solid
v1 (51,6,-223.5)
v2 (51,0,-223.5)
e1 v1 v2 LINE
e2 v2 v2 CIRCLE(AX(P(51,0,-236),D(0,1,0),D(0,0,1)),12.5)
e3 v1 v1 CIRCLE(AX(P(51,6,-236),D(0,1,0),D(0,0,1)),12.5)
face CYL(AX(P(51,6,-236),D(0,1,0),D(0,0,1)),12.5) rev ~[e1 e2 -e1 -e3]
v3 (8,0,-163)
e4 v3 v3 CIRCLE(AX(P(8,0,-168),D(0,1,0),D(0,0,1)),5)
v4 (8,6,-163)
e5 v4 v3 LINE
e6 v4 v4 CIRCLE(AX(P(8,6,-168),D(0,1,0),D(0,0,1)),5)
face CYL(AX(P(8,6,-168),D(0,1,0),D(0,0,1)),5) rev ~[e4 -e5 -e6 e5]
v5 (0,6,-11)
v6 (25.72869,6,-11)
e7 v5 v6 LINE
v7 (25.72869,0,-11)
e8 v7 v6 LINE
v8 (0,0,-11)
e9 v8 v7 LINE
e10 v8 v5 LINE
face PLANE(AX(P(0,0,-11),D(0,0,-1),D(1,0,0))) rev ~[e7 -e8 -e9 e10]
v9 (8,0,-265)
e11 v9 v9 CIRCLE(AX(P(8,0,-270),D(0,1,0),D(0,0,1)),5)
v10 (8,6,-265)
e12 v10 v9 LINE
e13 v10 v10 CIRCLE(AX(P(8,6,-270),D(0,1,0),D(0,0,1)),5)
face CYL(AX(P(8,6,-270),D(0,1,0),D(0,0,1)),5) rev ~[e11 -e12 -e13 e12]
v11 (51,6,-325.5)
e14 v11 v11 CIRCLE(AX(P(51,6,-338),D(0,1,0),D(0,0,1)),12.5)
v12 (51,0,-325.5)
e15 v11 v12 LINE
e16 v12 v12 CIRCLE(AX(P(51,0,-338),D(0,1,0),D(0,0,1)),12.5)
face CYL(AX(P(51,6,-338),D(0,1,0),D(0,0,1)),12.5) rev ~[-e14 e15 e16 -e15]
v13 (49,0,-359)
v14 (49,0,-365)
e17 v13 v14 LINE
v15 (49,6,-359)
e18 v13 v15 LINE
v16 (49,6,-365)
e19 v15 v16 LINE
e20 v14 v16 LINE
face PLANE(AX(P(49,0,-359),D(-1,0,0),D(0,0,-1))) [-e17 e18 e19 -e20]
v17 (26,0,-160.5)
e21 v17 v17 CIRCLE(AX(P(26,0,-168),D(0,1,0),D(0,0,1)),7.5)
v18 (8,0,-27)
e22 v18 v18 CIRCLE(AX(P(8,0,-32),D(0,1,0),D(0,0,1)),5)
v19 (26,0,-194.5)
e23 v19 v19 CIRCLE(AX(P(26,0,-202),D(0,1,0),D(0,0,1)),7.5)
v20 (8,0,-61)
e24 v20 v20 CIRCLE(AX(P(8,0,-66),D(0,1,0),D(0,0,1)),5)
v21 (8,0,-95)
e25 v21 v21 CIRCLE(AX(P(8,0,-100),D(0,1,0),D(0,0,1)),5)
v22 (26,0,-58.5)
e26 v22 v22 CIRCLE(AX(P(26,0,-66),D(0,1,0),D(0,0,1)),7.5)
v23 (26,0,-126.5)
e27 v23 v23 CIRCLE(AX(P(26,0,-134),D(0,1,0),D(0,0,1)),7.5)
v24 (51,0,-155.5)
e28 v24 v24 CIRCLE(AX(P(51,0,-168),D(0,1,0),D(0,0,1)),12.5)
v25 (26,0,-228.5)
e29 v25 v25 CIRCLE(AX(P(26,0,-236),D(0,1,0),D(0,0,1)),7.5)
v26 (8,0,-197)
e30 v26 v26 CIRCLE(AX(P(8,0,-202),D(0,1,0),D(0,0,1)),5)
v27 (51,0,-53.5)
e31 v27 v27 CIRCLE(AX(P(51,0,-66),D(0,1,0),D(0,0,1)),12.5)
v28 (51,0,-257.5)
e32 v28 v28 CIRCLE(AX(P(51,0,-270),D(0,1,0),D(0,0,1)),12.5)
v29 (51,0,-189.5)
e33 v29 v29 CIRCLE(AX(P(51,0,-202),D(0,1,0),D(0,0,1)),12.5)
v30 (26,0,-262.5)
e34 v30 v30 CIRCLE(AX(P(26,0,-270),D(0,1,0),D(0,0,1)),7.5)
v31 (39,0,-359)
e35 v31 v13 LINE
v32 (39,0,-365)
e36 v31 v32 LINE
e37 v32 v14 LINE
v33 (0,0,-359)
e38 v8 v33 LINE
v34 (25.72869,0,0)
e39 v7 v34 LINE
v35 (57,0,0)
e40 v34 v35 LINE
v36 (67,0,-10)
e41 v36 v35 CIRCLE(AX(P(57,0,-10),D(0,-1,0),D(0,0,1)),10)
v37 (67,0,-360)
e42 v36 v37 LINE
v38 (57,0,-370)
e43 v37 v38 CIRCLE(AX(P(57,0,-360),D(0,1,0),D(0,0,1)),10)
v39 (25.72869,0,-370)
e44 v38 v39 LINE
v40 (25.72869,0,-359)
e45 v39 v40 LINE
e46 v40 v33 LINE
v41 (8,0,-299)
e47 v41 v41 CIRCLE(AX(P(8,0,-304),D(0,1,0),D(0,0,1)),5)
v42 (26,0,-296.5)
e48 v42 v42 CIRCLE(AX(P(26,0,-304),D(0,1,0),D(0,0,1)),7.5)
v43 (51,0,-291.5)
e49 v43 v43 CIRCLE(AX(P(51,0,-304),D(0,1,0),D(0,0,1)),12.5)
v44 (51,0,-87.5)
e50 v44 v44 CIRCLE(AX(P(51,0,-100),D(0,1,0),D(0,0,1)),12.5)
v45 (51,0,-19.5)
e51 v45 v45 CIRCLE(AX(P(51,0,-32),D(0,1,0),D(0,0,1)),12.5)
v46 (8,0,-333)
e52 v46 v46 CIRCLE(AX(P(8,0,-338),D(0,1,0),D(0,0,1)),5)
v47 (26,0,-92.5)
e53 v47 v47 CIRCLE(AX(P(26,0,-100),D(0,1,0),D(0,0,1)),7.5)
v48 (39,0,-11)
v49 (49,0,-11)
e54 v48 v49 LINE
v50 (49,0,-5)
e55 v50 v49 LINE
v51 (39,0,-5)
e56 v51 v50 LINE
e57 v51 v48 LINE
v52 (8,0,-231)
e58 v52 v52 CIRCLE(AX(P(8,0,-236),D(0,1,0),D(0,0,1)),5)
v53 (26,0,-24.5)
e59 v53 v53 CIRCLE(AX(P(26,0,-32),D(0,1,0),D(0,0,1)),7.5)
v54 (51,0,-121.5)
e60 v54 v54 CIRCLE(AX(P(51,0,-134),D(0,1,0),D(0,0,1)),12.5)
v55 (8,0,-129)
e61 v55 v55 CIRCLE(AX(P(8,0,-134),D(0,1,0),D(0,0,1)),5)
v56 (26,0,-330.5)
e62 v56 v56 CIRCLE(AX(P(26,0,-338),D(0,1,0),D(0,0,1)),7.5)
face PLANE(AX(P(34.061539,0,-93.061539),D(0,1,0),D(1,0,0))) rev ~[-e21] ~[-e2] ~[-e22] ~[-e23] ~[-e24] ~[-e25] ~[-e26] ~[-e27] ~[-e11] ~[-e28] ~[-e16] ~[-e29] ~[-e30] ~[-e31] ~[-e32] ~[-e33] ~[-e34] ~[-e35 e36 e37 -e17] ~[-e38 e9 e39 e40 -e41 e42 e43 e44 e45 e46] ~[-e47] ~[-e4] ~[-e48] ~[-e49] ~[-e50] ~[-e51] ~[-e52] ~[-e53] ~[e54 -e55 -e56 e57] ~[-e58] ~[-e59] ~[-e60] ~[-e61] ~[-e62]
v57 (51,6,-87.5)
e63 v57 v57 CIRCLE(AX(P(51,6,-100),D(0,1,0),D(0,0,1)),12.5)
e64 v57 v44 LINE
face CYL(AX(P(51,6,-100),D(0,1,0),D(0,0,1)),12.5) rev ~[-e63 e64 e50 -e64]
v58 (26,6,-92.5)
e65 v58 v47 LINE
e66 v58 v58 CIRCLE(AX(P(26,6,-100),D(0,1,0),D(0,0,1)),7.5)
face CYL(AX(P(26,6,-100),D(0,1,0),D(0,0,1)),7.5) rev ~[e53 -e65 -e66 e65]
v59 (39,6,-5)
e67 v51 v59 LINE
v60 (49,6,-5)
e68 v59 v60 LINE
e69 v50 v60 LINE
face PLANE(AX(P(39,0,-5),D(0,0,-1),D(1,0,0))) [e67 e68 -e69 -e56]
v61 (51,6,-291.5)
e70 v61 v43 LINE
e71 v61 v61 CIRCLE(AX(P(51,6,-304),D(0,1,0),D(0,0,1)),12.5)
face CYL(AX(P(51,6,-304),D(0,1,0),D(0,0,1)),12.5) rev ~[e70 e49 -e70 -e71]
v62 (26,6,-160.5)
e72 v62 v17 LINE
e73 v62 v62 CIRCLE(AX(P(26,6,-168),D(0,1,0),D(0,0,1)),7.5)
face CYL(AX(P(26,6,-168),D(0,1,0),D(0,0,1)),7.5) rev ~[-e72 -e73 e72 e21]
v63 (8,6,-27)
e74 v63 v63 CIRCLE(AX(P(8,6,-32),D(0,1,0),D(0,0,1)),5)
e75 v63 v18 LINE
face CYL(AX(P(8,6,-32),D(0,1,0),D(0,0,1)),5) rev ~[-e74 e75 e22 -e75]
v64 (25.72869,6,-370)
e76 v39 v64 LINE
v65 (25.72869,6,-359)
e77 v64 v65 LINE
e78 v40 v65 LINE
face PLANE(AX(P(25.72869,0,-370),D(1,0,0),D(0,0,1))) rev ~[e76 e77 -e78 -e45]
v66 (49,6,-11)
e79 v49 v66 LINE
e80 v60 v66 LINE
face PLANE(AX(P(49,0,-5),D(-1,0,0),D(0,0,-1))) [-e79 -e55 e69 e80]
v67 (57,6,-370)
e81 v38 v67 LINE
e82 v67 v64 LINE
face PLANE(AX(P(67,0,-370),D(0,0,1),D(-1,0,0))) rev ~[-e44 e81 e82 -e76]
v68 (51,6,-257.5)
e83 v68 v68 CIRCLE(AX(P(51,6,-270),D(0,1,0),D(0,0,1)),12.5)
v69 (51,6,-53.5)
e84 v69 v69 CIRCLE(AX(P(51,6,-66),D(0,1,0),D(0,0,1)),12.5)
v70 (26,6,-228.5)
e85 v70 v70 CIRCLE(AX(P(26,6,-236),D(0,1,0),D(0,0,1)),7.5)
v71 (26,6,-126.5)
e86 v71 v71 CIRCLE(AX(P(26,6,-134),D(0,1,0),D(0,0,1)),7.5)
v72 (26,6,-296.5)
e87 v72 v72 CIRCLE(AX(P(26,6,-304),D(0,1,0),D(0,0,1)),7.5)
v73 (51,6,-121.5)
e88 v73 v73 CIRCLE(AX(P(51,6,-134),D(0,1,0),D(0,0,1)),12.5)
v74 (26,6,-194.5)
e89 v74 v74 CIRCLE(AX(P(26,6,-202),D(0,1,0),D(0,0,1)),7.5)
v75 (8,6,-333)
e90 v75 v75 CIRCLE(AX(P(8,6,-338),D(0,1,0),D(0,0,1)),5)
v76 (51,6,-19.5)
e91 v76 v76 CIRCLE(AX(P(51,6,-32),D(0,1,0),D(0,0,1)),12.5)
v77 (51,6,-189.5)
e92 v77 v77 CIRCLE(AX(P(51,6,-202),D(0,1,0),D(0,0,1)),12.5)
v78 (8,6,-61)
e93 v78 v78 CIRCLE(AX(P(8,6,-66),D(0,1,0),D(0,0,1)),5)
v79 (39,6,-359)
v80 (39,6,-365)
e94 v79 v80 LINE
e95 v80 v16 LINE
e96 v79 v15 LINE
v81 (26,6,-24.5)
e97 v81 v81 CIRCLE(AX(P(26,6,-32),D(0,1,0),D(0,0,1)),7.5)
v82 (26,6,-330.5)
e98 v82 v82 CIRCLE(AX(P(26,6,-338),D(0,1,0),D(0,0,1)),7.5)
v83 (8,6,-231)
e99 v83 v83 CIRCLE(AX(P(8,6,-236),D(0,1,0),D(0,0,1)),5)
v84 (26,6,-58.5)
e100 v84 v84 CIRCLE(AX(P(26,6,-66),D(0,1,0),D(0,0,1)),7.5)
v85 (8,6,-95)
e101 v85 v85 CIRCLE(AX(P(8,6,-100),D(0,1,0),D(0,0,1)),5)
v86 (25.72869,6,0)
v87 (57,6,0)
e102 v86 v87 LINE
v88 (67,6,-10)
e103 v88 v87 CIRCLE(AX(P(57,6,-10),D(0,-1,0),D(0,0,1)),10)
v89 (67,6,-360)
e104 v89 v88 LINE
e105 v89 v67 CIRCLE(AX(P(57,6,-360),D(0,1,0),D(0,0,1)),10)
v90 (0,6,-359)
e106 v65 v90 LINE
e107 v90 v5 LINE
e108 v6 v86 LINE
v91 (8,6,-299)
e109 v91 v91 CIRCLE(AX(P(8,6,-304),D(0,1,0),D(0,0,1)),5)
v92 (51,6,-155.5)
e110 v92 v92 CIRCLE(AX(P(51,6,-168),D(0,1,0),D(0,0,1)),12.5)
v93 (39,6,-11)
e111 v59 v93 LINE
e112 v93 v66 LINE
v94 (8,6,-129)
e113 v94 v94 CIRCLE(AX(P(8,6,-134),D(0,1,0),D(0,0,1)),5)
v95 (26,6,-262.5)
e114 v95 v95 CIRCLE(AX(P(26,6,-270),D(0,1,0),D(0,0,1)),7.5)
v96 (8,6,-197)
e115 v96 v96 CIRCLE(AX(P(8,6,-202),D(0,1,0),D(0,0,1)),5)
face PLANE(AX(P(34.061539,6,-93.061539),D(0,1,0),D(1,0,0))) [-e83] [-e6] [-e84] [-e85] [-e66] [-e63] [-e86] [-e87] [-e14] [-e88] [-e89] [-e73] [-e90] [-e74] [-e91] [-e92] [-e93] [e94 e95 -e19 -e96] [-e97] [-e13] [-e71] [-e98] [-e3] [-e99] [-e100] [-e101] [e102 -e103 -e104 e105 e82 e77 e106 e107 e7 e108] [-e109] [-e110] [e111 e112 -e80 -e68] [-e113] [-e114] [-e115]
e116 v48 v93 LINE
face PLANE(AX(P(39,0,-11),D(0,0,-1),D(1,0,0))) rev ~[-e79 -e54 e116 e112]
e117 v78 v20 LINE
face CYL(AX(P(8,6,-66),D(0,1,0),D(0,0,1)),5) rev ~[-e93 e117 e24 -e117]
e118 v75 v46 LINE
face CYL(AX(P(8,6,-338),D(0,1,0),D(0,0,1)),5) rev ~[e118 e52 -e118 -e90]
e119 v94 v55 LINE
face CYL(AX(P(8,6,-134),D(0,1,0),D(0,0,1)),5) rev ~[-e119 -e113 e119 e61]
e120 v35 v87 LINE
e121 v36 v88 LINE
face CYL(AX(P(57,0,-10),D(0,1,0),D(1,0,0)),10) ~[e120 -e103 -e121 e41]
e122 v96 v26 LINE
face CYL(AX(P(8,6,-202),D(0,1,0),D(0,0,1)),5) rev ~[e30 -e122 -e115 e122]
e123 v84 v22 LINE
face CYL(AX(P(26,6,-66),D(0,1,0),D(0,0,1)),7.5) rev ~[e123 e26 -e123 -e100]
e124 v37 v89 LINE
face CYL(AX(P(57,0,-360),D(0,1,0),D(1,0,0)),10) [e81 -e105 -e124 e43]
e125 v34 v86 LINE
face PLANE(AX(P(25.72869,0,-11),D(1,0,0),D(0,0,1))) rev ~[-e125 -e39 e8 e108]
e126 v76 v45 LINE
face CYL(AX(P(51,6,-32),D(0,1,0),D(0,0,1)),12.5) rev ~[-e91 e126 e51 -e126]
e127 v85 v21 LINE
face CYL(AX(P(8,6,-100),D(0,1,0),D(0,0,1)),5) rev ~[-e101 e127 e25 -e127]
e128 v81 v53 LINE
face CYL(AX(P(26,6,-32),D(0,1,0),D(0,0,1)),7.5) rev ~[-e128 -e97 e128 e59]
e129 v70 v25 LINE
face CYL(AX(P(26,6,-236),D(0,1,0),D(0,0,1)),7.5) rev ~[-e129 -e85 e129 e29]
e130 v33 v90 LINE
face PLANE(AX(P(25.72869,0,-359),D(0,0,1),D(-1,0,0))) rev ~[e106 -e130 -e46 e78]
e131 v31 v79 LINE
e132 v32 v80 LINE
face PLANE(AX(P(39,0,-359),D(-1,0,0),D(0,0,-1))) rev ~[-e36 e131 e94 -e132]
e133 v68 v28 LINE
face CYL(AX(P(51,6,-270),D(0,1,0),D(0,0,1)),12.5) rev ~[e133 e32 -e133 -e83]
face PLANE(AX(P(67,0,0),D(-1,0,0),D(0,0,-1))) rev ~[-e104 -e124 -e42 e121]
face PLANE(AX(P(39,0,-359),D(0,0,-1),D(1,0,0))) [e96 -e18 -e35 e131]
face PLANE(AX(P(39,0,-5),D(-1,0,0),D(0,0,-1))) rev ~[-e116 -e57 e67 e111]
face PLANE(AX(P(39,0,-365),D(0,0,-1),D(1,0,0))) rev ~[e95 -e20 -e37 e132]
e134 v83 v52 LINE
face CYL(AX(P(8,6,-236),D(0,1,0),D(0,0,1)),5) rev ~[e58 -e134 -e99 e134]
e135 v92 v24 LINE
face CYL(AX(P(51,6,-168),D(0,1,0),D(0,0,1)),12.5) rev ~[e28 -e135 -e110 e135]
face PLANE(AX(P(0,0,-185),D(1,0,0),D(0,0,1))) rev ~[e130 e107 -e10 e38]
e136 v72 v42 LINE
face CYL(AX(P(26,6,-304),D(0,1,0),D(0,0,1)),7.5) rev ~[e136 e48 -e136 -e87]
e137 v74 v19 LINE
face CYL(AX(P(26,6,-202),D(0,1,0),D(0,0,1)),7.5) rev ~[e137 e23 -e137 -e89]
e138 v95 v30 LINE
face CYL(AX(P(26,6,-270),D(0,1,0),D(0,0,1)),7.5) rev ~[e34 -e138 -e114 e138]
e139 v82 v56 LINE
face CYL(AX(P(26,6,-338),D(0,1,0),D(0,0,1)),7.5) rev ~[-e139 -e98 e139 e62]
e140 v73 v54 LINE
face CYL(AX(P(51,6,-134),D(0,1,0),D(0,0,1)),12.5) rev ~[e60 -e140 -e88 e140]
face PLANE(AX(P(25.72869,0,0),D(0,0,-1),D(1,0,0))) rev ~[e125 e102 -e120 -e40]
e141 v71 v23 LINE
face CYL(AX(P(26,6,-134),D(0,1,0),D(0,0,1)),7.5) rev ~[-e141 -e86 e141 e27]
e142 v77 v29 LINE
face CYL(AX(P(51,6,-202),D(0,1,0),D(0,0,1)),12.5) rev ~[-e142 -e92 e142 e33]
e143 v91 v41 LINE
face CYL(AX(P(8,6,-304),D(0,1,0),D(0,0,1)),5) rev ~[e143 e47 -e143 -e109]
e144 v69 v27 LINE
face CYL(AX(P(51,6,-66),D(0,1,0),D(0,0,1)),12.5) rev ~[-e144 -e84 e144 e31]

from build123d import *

# Parameters (mm, degrees)
ESQUISSE1_W             = 10
ESQUISSE1_H             = 6
BOSS_EXTRU_1_DEPTH      = 6
ESQUISSE2_R             = 12.5
ESQUISSE2_R_2           = 7.5
ESQUISSE2_R_3           = 5
ENL_V_MAT_EXTRU_1_DEPTH = 6
CONG_1_R                = 10


with BuildPart() as part:
    # Esquisse1 → Boss.-Extru.1 (new body)
    # profile 1 of 2: a face of its own
    with BuildSketch(Plane(origin=(0, 0, 0), x_dir=(1, 0, 0), z_dir=(0, 1, 0))):
        Polygon((0, 359), (0, 185), (67, 185), (67, 370), (25.728690358, 370), (25.728690358, 359), align=None)
        with Locations((44, 362)):
            Rectangle(ESQUISSE1_W, ESQUISSE1_H, mode=Mode.SUBTRACT)
    # profile 2 of 2: a face of its own
    with BuildSketch(Plane(origin=(0, 0, 0), x_dir=(1, 0, 0), z_dir=(0, 1, 0))):
        Polygon((67, 185), (0, 185), (0, 11), (25.728690358, 11), (25.728690358, 0), (67, 0), align=None)
        with Locations((44, 8)):
            Rectangle(ESQUISSE1_W, ESQUISSE1_H, mode=Mode.SUBTRACT)
    extrude(amount=BOSS_EXTRU_1_DEPTH)

    # Esquisse2 → Enlèv. mat.-Extru.1 (cut)
    with BuildSketch(Plane(origin=(0, 6, 0), x_dir=(1, 0, 0), z_dir=(0, 1, 0))):
        with Locations(Location((51, 338, 0), (0, 0, 270))):
            Circle(ESQUISSE2_R)
        with Locations(Location((51, 304, 0), (0, 0, 270))):
            Circle(ESQUISSE2_R)
        with Locations(Location((51, 270, 0), (0, 0, 270))):
            Circle(ESQUISSE2_R)
        with Locations(Location((51, 236, 0), (0, 0, 270))):
            Circle(ESQUISSE2_R)
        with Locations(Location((51, 202, 0), (0, 0, 270))):
            Circle(ESQUISSE2_R)
        with Locations(Location((51, 168, 0), (0, 0, 270))):
            Circle(ESQUISSE2_R)
        with Locations(Location((51, 134, 0), (0, 0, 270))):
            Circle(ESQUISSE2_R)
        with Locations(Location((51, 100, 0), (0, 0, 270))):
            Circle(ESQUISSE2_R)
        with Locations(Location((51, 66, 0), (0, 0, 270))):
            Circle(ESQUISSE2_R)
        with Locations(Location((26, 338, 0), (0, 0, 270))):
            Circle(ESQUISSE2_R_2)
        with Locations(Location((8, 338, 0), (0, 0, 270))):
            Circle(ESQUISSE2_R_3)
        with Locations(Location((26, 304, 0), (0, 0, 270))):
            Circle(ESQUISSE2_R_2)
        with Locations(Location((8, 304, 0), (0, 0, 270))):
            Circle(ESQUISSE2_R_3)
        with Locations(Location((26, 270, 0), (0, 0, 270))):
            Circle(ESQUISSE2_R_2)
        with Locations(Location((8, 270, 0), (0, 0, 270))):
            Circle(ESQUISSE2_R_3)
        with Locations(Location((26, 236, 0), (0, 0, 270))):
            Circle(ESQUISSE2_R_2)
        with Locations(Location((8, 236, 0), (0, 0, 270))):
            Circle(ESQUISSE2_R_3)
        with Locations(Location((26, 202, 0), (0, 0, 270))):
            Circle(ESQUISSE2_R_2)
        with Locations(Location((8, 202, 0), (0, 0, 270))):
            Circle(ESQUISSE2_R_3)
        with Locations(Location((26, 168, 0), (0, 0, 270))):
            Circle(ESQUISSE2_R_2)
        with Locations(Location((8, 168, 0), (0, 0, 270))):
            Circle(ESQUISSE2_R_3)
        with Locations(Location((26, 134, 0), (0, 0, 270))):
            Circle(ESQUISSE2_R_2)
        with Locations(Location((8, 134, 0), (0, 0, 270))):
            Circle(ESQUISSE2_R_3)
        with Locations(Location((26, 100, 0), (0, 0, 270))):
            Circle(ESQUISSE2_R_2)
        with Locations(Location((8, 100, 0), (0, 0, 270))):
            Circle(ESQUISSE2_R_3)
        with Locations(Location((26, 66, 0), (0, 0, 270))):
            Circle(ESQUISSE2_R_2)
        with Locations(Location((8, 66, 0), (0, 0, 270))):
            Circle(ESQUISSE2_R_3)
        with Locations(Location((26, 32, 0), (0, 0, 270))):
            Circle(ESQUISSE2_R_2)
        with Locations(Location((8, 32, 0), (0, 0, 270))):
            Circle(ESQUISSE2_R_3)
        with Locations(Location((51, 32, 0), (0, 0, 270))):
            Circle(ESQUISSE2_R)
    extrude(amount=-ENL_V_MAT_EXTRU_1_DEPTH, mode=Mode.SUBTRACT)

    # Congé1
    cong_1_edges = [part.edges().sort_by_distance(p)[0] for p in [
        (67, 3, -370),
        (67, 3, 0),
    ]]
    fillet(cong_1_edges, radius=CONG_1_R)


solid = part.part
